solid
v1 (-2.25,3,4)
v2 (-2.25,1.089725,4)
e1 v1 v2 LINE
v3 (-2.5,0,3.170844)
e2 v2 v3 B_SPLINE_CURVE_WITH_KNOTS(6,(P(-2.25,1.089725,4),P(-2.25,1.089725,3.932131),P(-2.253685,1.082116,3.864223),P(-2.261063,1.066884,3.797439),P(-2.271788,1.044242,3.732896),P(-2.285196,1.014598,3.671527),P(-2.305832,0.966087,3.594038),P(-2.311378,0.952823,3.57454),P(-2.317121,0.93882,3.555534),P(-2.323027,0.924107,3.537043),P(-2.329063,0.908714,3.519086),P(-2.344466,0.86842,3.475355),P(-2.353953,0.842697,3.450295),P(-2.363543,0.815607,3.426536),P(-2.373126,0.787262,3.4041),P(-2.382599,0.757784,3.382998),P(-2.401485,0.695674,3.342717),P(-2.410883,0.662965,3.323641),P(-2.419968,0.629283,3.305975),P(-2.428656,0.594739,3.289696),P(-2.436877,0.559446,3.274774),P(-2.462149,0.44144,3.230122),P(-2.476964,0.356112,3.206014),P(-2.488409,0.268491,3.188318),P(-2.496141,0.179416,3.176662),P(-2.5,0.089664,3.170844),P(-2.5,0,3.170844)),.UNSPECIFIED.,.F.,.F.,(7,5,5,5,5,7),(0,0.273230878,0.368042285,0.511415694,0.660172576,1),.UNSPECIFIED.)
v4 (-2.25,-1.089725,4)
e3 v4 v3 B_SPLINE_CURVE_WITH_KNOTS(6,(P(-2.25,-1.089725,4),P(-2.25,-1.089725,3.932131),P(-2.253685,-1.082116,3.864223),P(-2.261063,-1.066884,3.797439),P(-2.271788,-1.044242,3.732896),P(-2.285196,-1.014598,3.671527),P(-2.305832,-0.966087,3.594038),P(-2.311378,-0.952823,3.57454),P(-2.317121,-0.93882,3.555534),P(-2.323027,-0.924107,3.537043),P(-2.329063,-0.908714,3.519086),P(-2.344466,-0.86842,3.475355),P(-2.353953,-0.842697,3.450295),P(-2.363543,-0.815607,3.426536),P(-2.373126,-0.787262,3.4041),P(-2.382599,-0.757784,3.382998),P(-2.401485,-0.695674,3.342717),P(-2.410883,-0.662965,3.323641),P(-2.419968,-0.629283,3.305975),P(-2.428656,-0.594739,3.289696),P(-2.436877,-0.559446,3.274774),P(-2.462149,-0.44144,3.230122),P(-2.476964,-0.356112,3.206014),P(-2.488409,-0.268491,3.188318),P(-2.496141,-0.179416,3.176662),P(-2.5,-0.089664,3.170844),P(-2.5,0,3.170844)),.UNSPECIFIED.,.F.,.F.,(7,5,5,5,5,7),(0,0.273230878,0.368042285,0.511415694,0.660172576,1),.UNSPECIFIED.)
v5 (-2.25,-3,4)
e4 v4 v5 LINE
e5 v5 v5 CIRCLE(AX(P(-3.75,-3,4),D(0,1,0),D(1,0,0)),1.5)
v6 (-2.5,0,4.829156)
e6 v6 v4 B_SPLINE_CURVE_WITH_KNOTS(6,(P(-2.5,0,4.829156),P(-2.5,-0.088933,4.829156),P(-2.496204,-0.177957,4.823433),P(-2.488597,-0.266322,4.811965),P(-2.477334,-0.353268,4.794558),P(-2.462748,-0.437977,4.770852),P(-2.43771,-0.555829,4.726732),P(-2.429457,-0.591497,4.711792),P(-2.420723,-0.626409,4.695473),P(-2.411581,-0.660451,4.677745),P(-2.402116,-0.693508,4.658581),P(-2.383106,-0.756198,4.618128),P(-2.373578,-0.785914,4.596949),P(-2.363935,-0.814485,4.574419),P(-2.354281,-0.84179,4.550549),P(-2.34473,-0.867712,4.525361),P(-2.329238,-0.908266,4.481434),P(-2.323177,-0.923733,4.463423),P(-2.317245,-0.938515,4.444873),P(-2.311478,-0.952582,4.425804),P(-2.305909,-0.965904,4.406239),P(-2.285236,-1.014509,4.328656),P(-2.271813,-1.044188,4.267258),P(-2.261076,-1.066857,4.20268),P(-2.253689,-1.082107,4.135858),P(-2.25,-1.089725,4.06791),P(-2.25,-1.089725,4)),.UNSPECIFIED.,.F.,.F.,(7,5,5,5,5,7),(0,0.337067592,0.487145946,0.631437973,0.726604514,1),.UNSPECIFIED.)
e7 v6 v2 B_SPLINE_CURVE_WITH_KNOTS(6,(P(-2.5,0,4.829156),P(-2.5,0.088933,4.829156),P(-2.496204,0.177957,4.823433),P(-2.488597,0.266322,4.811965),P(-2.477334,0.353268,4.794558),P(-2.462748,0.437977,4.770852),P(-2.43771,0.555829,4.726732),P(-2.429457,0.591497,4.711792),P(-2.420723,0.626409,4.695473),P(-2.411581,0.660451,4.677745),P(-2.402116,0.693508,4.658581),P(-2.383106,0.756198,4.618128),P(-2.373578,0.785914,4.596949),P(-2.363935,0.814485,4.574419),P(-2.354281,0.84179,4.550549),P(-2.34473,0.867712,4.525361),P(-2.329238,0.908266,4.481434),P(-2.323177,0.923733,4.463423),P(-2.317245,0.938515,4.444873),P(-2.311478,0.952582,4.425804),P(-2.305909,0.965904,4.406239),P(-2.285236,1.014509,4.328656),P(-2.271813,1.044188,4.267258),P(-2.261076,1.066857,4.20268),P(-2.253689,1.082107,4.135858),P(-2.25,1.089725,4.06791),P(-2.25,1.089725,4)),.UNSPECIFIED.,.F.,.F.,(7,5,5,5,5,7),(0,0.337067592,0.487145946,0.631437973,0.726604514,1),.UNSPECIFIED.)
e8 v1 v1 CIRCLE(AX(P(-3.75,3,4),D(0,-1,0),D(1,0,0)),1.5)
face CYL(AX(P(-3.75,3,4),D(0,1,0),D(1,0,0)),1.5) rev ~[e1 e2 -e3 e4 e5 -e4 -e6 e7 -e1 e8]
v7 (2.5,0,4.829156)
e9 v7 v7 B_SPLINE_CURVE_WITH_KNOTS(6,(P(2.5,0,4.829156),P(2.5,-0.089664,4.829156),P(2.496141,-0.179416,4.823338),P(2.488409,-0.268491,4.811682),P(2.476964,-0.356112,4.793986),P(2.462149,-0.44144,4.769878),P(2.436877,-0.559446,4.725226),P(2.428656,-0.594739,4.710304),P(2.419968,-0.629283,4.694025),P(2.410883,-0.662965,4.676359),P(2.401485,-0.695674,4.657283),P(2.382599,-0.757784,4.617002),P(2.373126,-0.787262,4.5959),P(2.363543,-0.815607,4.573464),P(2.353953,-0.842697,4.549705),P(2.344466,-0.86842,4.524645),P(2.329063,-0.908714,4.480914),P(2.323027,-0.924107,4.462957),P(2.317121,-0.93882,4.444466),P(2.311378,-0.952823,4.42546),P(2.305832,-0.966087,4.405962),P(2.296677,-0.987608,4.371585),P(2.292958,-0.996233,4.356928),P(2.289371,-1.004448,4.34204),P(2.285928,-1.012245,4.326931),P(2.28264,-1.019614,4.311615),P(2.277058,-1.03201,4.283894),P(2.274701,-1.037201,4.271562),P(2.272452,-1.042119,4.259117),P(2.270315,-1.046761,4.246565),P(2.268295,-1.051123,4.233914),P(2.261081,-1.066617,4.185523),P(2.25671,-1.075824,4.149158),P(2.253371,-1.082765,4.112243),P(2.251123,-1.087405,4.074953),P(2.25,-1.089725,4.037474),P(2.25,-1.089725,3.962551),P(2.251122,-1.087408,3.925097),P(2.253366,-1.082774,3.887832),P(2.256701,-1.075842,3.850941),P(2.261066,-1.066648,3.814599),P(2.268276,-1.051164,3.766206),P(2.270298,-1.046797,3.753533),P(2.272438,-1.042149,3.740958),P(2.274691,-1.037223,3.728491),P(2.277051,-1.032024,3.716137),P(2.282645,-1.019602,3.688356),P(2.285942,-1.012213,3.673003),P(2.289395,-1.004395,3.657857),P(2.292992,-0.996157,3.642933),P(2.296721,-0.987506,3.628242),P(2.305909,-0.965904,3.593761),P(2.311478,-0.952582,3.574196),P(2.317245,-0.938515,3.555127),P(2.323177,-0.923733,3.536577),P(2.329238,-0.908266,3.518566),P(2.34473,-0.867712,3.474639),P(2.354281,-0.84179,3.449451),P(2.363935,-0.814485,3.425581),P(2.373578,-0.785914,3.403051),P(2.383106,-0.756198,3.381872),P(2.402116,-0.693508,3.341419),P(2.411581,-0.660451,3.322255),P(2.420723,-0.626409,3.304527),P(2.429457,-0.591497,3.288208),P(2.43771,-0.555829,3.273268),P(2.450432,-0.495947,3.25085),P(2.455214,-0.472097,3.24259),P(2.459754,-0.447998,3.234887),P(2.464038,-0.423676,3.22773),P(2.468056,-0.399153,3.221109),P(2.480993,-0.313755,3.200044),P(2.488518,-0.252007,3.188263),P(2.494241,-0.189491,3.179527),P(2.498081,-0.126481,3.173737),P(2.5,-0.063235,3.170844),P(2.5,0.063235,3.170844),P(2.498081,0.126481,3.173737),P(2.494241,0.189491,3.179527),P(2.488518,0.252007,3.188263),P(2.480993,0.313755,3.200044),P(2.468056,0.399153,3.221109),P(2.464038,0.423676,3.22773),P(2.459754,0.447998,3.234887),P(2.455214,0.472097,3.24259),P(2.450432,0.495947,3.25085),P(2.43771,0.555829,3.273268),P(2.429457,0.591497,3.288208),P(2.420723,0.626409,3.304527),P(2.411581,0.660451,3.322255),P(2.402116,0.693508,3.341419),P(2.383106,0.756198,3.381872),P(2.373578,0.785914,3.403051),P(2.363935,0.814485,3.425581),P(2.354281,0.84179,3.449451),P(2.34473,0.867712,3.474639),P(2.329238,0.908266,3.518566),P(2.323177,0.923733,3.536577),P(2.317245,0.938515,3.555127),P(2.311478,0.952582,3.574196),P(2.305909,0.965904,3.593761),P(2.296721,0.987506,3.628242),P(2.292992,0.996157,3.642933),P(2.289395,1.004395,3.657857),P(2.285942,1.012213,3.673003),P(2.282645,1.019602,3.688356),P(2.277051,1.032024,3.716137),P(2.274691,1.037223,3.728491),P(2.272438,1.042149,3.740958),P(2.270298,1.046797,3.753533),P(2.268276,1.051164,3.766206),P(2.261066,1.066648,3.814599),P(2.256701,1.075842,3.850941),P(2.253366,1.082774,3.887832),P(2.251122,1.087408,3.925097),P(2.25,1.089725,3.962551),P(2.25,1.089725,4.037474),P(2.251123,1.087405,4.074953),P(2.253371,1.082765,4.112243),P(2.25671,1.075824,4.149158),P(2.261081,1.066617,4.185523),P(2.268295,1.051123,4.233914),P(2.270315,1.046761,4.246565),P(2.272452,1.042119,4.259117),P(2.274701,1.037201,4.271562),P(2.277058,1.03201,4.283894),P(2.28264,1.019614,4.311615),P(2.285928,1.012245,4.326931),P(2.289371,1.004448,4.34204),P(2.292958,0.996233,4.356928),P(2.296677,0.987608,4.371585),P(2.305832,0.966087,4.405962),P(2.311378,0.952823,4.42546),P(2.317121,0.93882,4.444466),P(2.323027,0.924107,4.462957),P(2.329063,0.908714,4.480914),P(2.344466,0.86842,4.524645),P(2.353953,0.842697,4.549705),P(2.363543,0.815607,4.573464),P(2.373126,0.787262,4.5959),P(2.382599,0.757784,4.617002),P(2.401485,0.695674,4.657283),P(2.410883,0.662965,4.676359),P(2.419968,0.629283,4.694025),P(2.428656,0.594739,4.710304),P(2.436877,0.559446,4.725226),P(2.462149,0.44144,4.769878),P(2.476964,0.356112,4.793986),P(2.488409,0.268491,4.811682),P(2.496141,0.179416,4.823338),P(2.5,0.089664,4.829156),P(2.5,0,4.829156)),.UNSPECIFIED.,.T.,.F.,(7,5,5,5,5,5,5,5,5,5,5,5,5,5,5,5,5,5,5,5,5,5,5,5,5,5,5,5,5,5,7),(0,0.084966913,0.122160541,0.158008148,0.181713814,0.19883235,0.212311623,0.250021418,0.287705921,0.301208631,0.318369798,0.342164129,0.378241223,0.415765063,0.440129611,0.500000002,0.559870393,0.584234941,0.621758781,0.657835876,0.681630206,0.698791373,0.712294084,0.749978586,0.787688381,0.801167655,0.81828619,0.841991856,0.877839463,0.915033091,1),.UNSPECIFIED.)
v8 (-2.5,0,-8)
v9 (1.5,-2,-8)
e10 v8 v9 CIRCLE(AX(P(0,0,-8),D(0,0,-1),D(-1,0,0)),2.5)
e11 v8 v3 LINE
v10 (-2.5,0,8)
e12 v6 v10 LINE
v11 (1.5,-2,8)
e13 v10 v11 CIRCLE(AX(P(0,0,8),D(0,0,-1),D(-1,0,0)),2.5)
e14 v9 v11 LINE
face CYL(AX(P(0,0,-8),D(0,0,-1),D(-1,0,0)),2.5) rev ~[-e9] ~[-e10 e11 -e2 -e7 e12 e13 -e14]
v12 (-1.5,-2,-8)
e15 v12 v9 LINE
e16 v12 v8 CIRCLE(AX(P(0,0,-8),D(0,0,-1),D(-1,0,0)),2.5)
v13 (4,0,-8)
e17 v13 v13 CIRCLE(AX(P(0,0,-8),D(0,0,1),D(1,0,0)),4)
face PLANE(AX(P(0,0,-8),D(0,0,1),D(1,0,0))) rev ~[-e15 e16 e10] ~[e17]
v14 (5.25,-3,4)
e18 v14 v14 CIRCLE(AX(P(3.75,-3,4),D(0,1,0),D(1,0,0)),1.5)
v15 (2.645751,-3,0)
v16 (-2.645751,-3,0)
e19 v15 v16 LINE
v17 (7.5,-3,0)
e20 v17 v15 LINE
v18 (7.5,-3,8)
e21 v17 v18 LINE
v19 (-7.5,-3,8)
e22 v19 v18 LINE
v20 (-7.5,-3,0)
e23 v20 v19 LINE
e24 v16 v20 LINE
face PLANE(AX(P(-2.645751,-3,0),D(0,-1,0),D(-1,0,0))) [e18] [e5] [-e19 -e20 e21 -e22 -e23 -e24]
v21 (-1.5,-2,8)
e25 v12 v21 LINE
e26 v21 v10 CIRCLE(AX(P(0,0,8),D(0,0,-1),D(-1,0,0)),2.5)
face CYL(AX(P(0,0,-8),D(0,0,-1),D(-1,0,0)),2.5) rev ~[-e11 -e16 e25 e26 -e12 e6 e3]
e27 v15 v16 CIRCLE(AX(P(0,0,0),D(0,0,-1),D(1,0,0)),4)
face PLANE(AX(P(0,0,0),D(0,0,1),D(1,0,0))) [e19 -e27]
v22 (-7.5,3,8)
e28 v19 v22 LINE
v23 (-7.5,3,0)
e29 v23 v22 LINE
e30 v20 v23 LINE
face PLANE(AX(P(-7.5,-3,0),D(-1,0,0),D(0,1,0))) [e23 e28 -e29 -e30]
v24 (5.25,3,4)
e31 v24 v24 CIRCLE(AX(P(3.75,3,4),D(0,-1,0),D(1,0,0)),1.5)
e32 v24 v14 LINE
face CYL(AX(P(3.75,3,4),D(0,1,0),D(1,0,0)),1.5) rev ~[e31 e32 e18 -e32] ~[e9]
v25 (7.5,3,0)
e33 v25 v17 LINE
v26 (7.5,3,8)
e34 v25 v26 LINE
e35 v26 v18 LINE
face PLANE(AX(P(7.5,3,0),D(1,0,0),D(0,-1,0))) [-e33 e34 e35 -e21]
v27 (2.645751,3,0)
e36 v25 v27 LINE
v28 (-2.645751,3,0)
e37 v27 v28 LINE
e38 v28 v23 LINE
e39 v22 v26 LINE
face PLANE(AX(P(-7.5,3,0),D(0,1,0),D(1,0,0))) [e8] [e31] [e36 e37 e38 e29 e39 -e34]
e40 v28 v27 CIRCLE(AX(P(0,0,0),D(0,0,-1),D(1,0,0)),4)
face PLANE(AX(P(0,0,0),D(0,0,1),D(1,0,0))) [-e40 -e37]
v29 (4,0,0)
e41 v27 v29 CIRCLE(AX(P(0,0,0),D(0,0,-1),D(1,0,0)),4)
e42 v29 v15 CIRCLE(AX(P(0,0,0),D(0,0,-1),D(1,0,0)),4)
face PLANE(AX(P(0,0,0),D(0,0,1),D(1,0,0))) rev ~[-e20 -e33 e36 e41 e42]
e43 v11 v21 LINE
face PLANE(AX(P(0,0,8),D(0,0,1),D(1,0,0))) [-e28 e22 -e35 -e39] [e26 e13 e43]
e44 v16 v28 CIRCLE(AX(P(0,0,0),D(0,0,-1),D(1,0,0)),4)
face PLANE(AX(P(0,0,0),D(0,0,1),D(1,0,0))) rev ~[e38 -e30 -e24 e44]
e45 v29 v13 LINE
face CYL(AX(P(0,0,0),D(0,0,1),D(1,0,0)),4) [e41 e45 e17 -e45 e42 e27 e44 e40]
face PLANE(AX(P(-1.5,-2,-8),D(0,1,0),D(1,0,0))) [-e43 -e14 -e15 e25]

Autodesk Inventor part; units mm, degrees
ref_plane "YZ Plane" through (0, 0, 0) normal (1, 0, 0) x (0, 1, 0)
ref_plane "XZ Plane" through (0, 0, 0) normal (0, 1, 0) x (-1, 0, 0)
ref_plane "XY Plane" through (0, 0, 0) normal (0, 0, 1) x (1, 0, 0)
sketch "Sketch1" plane through (0, 0, 0) normal (0, 0, 1) x (1, 0, 0)
  line L0 (-7.5, 3) -> (7.5, 3)
  line L1 (7.5, 3) -> (7.5, -3)
  line L2 (7.5, -3) -> (-7.5, -3)
  line L3 (-7.5, -3) -> (-7.5, 3)
  circle A0 centre (0, 0) radius 4
  line L4 (-7.5, 3) -> (7.5, -3) construction
  dimension "d0" = 6
  dimension "d1" = 15
  dimension "d2" = 8
extrude "Extrusion1" add sketch "Sketch1" along normal blind 8 contours L0 A0 L2 L3 | L0 A0 L2 | L0 L1 L2 A0
extrude "Extrusion2" add sketch "Sketch1" against normal blind 8 contours A0 L0 | L0 A0 L2 | L2 A0
sketch "Sketch2" plane through (0, 0, 8) normal (0, 0, 1) x (1, 0, 0)
  circle A0 centre (0, 0) radius 1.5
  dimension "d7" = 3
extrude "Extrusion3" cut sketch "Sketch2" against normal through all
sketch "Sketch3" plane through (-7.5, 3, 8) normal (0, 1, 0) x (1, 0, 0)
  circle A0 centre (3.75, 4) radius 1.5
  circle A1 centre (11.25, 4) radius 1.5
  line L0 (3.75, 4) -> (0, 4)
  line L1 (0, 8) -> (0, 0) projected
  line L2 (3.75, 4) -> (7.5, 4)
  line L3 (7.5, 4) -> (11.25, 4)
  line L4 (11.25, 4) -> (15, 4)
  line L5 (15, 8) -> (15, 0) projected
  point P0 (7.5, 8)
  dimension "d10" = 3
  dimension "d11" = 3
extrude "Extrusion4" cut sketch "Sketch3" against normal through all
sketch "Sketch4" plane through (0, 0, -8) normal (0, 0, -1) x (-1, 0, 0)
  circle A0 centre (0, 0) radius 2.5
  line L0 (1.5, -2) -> (-1.5, -2)
  dimension "d14" = 5
  dimension "d15" = 4.5
extrude "Extrusion5" cut sketch "Sketch4" against normal blind 16.75 contours A0 L0 picked at (0.6276, -0.7851)
properties part number "wierd bearing interface part"
